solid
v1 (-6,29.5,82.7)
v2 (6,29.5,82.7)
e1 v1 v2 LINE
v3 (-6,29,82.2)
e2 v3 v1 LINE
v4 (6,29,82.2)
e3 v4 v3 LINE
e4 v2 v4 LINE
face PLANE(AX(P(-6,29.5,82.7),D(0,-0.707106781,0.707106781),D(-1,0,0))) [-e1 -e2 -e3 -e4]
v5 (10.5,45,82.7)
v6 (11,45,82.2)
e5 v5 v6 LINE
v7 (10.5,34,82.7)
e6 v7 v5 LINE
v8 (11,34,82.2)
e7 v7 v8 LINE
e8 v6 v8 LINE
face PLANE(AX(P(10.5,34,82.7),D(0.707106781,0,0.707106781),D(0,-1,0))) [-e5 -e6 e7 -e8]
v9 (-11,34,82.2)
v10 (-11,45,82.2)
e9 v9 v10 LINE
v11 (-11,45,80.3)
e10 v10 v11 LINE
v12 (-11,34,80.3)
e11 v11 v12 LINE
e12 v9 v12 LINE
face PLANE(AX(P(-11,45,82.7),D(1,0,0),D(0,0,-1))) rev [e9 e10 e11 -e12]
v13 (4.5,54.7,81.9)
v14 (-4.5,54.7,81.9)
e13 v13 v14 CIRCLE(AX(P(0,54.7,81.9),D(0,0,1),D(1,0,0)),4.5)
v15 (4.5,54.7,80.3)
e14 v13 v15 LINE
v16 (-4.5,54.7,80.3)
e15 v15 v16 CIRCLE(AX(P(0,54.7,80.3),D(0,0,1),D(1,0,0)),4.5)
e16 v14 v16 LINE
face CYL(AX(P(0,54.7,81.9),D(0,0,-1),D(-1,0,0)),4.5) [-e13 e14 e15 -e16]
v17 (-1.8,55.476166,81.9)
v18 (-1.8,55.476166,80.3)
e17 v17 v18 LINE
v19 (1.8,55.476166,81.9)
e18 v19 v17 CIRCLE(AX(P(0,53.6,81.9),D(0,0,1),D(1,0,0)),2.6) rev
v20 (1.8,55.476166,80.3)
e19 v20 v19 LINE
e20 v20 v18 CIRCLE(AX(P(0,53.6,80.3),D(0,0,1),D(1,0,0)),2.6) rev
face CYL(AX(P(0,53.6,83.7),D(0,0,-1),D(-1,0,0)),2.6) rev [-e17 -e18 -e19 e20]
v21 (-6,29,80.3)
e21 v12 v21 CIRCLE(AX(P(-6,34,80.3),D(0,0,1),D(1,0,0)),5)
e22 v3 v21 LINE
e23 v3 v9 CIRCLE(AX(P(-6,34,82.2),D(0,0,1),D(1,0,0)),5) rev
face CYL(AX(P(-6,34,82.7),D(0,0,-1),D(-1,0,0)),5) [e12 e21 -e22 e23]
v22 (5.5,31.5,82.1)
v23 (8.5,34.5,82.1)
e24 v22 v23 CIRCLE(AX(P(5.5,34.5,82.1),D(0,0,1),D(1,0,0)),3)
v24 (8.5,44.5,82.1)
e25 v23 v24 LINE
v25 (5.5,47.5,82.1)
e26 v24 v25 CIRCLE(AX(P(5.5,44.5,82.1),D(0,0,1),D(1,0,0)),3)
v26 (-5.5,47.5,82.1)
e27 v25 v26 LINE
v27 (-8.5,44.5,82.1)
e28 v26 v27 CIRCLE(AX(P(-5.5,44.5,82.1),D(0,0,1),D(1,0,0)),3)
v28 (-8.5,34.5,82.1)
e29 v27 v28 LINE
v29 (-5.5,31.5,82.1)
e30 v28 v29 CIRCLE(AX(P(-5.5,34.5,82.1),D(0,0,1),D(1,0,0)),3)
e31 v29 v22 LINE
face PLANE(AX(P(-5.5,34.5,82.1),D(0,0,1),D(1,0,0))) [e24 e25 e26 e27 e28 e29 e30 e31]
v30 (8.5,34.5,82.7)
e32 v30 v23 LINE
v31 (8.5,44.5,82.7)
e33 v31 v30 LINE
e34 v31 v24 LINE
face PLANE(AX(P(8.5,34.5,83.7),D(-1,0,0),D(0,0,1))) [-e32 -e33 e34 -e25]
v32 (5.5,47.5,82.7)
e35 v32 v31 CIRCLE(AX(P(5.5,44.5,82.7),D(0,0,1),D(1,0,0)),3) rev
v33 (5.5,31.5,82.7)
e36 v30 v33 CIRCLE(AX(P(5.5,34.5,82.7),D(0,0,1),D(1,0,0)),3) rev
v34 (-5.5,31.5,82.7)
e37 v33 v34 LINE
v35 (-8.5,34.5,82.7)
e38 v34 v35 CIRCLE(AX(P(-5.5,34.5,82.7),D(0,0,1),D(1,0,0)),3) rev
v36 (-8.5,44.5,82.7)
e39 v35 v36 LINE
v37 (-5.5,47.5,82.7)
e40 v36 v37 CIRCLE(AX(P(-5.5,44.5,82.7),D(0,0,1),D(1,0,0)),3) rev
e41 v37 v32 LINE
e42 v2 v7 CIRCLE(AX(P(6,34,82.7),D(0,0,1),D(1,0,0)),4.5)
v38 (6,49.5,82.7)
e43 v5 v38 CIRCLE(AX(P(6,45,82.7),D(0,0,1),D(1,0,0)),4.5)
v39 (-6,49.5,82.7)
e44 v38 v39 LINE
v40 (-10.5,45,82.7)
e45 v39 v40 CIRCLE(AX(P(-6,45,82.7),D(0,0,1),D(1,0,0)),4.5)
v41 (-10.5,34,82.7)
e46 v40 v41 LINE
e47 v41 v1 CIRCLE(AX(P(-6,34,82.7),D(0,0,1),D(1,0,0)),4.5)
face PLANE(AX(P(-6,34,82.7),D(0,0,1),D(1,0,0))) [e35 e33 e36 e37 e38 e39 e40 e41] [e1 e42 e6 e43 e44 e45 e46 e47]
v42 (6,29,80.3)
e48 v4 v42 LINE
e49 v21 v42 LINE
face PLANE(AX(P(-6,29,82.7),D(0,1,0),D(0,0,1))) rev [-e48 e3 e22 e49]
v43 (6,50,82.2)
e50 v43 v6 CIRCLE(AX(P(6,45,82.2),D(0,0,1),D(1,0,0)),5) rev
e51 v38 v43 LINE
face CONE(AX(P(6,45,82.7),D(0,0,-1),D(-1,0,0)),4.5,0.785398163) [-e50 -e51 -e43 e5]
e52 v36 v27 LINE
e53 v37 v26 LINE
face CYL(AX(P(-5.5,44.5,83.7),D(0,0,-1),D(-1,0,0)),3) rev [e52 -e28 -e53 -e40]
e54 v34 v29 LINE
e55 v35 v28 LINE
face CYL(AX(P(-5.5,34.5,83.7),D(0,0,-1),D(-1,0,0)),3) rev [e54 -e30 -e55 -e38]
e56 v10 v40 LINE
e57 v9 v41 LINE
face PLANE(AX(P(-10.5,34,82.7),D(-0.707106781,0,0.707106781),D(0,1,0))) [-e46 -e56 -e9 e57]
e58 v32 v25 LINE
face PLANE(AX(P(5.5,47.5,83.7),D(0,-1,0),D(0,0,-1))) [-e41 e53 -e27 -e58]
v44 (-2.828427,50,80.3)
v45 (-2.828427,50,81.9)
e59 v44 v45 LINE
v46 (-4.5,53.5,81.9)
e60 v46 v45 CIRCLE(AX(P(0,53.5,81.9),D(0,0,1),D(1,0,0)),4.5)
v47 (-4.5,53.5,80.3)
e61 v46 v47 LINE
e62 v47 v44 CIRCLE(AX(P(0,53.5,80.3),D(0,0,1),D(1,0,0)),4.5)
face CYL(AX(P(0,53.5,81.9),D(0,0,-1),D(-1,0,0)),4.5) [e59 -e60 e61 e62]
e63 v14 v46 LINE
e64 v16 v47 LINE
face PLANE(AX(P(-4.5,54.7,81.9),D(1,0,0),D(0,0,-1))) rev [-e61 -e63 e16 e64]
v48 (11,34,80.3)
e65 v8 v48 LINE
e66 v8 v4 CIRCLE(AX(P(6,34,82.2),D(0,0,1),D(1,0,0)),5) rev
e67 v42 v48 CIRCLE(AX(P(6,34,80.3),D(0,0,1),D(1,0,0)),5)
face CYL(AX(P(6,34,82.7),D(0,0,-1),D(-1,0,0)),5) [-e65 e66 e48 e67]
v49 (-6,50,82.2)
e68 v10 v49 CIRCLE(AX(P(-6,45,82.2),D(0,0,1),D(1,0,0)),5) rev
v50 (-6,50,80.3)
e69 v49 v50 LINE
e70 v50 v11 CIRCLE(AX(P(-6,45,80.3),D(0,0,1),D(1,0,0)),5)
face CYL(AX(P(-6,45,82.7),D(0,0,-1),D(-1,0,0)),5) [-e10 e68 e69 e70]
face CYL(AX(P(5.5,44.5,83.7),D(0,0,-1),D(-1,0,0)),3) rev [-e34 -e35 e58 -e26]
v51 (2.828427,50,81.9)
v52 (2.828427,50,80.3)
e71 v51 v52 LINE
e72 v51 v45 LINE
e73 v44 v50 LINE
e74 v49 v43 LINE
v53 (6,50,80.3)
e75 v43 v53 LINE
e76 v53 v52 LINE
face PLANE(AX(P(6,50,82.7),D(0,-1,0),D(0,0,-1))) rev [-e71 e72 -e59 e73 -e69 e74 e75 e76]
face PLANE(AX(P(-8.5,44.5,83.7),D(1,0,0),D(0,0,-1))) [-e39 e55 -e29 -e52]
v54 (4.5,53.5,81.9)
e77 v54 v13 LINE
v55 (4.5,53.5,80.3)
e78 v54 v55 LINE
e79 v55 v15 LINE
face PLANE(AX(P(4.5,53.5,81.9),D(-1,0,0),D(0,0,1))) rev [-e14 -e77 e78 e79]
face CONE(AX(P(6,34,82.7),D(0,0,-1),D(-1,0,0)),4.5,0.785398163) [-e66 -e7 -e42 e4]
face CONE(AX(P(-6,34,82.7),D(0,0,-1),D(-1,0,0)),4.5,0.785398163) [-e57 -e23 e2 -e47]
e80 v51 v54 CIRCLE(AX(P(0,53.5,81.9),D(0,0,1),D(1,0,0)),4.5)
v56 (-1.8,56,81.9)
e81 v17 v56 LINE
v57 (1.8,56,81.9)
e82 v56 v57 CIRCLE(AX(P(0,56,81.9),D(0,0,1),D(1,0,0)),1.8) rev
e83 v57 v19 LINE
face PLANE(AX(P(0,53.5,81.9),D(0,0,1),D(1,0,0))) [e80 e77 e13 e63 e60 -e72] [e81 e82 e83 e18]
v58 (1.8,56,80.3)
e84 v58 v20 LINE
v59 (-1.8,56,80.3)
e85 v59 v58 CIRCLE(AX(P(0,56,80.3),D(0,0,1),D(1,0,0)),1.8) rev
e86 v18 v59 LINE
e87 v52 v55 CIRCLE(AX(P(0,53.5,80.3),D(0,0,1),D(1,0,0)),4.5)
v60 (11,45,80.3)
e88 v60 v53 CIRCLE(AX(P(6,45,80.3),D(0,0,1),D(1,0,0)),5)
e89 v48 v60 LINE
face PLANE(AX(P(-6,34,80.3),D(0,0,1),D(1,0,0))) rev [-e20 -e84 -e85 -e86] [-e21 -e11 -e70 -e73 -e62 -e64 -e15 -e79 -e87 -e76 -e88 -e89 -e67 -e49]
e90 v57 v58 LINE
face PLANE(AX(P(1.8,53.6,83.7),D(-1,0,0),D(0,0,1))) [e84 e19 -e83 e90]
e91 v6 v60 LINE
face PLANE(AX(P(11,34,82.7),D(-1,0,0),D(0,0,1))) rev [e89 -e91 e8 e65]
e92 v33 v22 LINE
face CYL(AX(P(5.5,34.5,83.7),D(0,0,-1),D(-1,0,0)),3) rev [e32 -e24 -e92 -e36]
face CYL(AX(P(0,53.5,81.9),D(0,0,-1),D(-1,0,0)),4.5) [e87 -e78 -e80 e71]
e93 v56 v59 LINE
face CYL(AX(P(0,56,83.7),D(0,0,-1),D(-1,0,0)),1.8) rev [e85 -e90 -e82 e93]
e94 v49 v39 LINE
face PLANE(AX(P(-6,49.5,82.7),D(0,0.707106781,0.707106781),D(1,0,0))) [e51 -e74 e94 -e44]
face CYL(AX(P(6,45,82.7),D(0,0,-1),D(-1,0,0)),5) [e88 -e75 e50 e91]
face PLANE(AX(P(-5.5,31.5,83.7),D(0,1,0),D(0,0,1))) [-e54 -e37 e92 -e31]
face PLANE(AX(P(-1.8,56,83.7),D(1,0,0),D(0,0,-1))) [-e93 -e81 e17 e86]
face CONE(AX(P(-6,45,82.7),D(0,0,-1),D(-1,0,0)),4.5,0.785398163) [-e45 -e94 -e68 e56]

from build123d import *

# Parameters (mm, degrees)
BOSS_EXTRUDE1_START = 80.3
BOSS_EXTRUDE1_DEPTH = 2.4
BOSS_EXTRUDE2_START = 80.3
BOSS_EXTRUDE2_DEPTH = 1.6
BOSS_EXTRUDE3_START = 79.3
BOSS_EXTRUDE3_DEPTH = 4.4
BOSS_EXTRUDE4_START = 79.3
SKETCH4_R           = 2.6
BOSS_EXTRUDE4_DEPTH = 4.4
BOSS_EXTRUDE5_START = 82.1
BOSS_EXTRUDE5_DEPTH = 1.6
CHAMFER1_SIZE       = 0.5


with BuildPart() as part:
    # Sketch1 → Boss-Extrude1 (new body)
    with BuildSketch(Plane.XY.offset(BOSS_EXTRUDE1_START)):
        with BuildLine():
            Line((-6, 29), (6, 29))
            ThreePointArc((6, 29), (9.535533906, 30.464466094), (11, 34))
            Line((11, 34), (11, 45))
            ThreePointArc((11, 45), (9.535533906, 48.535533906), (6, 50))
            Line((6, 50), (-6, 50))
            ThreePointArc((-6, 50), (-9.535533906, 48.535533906), (-11, 45))
            Line((-11, 45), (-11, 34))
            ThreePointArc((-11, 34), (-9.535533906, 30.464466094), (-6, 29))
        make_face()
    extrude(amount=BOSS_EXTRUDE1_DEPTH)

    # Sketch2 → Boss-Extrude2 (add)
    with BuildSketch(Plane.XY.offset(BOSS_EXTRUDE2_START)):
        with BuildLine():
            Line((4.5, 53.5), (4.5, 54.7))
            ThreePointArc((4.5, 54.7), (3.181980515, 57.881980515), (0, 59.2))
            ThreePointArc((0, 59.2), (-3.181980515, 57.881980515), (-4.5, 54.7))
            Line((-4.5, 54.7), (-4.5, 53.5))
            ThreePointArc((-4.5, 53.5), (-3.181980515, 50.318019485), (0, 49))
            ThreePointArc((0, 49), (3.181980515, 50.318019485), (4.5, 53.5))
        make_face()
    extrude(amount=BOSS_EXTRUDE2_DEPTH)


with BuildPart() as body_2:
    # Sketch3 → Boss-Extrude3 (new body)
    with BuildSketch(Plane.XY.offset(BOSS_EXTRUDE3_START)):
        with BuildLine():
            Line((-1.8, 56), (-1.8, 53.6))
            ThreePointArc((-1.8, 53.6), (0, 51.8), (1.8, 53.6))
            Line((1.8, 53.6), (1.8, 56))
            ThreePointArc((1.8, 56), (0, 57.8), (-1.8, 56))
        make_face()
    extrude(amount=BOSS_EXTRUDE3_DEPTH)


with BuildPart() as part_1:
    add(part.part)

    # Combine1: cut body 2
    add(body_2.part, mode=Mode.SUBTRACT)


with BuildPart() as body_2_2:
    # Sketch4 → Boss-Extrude4 (new body)
    with BuildSketch(Plane.XY.offset(BOSS_EXTRUDE4_START)):
        with Locations((0, 53.6)):
            Circle(SKETCH4_R)
    extrude(amount=BOSS_EXTRUDE4_DEPTH)


with BuildPart() as part_2:
    add(part_1.part)

    # Combine2: cut body 2 2
    add(body_2_2.part, mode=Mode.SUBTRACT)


with BuildPart() as body_2_3:
    # Sketch5 → Boss-Extrude5 (new body)
    with BuildSketch(Plane.XY.offset(BOSS_EXTRUDE5_START)):
        with BuildLine():
            Line((-5.5, 31.5), (5.5, 31.5))
            ThreePointArc((5.5, 31.5), (7.621320344, 32.378679656), (8.5, 34.5))
            Line((8.5, 34.5), (8.5, 44.5))
            ThreePointArc((8.5, 44.5), (7.621320344, 46.621320344), (5.5, 47.5))
            Line((5.5, 47.5), (-5.5, 47.5))
            ThreePointArc((-5.5, 47.5), (-7.621320344, 46.621320344), (-8.5, 44.5))
            Line((-8.5, 44.5), (-8.5, 34.5))
            ThreePointArc((-8.5, 34.5), (-7.621320344, 32.378679656), (-5.5, 31.5))
        make_face()
    extrude(amount=BOSS_EXTRUDE5_DEPTH)


with BuildPart() as part_3:
    add(part_2.part)

    # Combine3: cut body 2 3
    add(body_2_3.part, mode=Mode.SUBTRACT)

    # Chamfer1
    chamfer1_edges = [part_3.edges().sort_by_distance(p)[0] for p in [
        (9.535533906, 30.464466094, 82.7),
        (11, 39.5, 82.7),
        (9.535533906, 48.535533906, 82.7),
        (0, 50, 82.7),
        (-9.535533906, 48.535533906, 82.7),
        (-11, 39.5, 82.7),
        (-9.535533906, 30.464466094, 82.7),
        (0, 29, 82.7),
    ]]
    chamfer(chamfer1_edges, length=CHAMFER1_SIZE)


solid = part_3.part
